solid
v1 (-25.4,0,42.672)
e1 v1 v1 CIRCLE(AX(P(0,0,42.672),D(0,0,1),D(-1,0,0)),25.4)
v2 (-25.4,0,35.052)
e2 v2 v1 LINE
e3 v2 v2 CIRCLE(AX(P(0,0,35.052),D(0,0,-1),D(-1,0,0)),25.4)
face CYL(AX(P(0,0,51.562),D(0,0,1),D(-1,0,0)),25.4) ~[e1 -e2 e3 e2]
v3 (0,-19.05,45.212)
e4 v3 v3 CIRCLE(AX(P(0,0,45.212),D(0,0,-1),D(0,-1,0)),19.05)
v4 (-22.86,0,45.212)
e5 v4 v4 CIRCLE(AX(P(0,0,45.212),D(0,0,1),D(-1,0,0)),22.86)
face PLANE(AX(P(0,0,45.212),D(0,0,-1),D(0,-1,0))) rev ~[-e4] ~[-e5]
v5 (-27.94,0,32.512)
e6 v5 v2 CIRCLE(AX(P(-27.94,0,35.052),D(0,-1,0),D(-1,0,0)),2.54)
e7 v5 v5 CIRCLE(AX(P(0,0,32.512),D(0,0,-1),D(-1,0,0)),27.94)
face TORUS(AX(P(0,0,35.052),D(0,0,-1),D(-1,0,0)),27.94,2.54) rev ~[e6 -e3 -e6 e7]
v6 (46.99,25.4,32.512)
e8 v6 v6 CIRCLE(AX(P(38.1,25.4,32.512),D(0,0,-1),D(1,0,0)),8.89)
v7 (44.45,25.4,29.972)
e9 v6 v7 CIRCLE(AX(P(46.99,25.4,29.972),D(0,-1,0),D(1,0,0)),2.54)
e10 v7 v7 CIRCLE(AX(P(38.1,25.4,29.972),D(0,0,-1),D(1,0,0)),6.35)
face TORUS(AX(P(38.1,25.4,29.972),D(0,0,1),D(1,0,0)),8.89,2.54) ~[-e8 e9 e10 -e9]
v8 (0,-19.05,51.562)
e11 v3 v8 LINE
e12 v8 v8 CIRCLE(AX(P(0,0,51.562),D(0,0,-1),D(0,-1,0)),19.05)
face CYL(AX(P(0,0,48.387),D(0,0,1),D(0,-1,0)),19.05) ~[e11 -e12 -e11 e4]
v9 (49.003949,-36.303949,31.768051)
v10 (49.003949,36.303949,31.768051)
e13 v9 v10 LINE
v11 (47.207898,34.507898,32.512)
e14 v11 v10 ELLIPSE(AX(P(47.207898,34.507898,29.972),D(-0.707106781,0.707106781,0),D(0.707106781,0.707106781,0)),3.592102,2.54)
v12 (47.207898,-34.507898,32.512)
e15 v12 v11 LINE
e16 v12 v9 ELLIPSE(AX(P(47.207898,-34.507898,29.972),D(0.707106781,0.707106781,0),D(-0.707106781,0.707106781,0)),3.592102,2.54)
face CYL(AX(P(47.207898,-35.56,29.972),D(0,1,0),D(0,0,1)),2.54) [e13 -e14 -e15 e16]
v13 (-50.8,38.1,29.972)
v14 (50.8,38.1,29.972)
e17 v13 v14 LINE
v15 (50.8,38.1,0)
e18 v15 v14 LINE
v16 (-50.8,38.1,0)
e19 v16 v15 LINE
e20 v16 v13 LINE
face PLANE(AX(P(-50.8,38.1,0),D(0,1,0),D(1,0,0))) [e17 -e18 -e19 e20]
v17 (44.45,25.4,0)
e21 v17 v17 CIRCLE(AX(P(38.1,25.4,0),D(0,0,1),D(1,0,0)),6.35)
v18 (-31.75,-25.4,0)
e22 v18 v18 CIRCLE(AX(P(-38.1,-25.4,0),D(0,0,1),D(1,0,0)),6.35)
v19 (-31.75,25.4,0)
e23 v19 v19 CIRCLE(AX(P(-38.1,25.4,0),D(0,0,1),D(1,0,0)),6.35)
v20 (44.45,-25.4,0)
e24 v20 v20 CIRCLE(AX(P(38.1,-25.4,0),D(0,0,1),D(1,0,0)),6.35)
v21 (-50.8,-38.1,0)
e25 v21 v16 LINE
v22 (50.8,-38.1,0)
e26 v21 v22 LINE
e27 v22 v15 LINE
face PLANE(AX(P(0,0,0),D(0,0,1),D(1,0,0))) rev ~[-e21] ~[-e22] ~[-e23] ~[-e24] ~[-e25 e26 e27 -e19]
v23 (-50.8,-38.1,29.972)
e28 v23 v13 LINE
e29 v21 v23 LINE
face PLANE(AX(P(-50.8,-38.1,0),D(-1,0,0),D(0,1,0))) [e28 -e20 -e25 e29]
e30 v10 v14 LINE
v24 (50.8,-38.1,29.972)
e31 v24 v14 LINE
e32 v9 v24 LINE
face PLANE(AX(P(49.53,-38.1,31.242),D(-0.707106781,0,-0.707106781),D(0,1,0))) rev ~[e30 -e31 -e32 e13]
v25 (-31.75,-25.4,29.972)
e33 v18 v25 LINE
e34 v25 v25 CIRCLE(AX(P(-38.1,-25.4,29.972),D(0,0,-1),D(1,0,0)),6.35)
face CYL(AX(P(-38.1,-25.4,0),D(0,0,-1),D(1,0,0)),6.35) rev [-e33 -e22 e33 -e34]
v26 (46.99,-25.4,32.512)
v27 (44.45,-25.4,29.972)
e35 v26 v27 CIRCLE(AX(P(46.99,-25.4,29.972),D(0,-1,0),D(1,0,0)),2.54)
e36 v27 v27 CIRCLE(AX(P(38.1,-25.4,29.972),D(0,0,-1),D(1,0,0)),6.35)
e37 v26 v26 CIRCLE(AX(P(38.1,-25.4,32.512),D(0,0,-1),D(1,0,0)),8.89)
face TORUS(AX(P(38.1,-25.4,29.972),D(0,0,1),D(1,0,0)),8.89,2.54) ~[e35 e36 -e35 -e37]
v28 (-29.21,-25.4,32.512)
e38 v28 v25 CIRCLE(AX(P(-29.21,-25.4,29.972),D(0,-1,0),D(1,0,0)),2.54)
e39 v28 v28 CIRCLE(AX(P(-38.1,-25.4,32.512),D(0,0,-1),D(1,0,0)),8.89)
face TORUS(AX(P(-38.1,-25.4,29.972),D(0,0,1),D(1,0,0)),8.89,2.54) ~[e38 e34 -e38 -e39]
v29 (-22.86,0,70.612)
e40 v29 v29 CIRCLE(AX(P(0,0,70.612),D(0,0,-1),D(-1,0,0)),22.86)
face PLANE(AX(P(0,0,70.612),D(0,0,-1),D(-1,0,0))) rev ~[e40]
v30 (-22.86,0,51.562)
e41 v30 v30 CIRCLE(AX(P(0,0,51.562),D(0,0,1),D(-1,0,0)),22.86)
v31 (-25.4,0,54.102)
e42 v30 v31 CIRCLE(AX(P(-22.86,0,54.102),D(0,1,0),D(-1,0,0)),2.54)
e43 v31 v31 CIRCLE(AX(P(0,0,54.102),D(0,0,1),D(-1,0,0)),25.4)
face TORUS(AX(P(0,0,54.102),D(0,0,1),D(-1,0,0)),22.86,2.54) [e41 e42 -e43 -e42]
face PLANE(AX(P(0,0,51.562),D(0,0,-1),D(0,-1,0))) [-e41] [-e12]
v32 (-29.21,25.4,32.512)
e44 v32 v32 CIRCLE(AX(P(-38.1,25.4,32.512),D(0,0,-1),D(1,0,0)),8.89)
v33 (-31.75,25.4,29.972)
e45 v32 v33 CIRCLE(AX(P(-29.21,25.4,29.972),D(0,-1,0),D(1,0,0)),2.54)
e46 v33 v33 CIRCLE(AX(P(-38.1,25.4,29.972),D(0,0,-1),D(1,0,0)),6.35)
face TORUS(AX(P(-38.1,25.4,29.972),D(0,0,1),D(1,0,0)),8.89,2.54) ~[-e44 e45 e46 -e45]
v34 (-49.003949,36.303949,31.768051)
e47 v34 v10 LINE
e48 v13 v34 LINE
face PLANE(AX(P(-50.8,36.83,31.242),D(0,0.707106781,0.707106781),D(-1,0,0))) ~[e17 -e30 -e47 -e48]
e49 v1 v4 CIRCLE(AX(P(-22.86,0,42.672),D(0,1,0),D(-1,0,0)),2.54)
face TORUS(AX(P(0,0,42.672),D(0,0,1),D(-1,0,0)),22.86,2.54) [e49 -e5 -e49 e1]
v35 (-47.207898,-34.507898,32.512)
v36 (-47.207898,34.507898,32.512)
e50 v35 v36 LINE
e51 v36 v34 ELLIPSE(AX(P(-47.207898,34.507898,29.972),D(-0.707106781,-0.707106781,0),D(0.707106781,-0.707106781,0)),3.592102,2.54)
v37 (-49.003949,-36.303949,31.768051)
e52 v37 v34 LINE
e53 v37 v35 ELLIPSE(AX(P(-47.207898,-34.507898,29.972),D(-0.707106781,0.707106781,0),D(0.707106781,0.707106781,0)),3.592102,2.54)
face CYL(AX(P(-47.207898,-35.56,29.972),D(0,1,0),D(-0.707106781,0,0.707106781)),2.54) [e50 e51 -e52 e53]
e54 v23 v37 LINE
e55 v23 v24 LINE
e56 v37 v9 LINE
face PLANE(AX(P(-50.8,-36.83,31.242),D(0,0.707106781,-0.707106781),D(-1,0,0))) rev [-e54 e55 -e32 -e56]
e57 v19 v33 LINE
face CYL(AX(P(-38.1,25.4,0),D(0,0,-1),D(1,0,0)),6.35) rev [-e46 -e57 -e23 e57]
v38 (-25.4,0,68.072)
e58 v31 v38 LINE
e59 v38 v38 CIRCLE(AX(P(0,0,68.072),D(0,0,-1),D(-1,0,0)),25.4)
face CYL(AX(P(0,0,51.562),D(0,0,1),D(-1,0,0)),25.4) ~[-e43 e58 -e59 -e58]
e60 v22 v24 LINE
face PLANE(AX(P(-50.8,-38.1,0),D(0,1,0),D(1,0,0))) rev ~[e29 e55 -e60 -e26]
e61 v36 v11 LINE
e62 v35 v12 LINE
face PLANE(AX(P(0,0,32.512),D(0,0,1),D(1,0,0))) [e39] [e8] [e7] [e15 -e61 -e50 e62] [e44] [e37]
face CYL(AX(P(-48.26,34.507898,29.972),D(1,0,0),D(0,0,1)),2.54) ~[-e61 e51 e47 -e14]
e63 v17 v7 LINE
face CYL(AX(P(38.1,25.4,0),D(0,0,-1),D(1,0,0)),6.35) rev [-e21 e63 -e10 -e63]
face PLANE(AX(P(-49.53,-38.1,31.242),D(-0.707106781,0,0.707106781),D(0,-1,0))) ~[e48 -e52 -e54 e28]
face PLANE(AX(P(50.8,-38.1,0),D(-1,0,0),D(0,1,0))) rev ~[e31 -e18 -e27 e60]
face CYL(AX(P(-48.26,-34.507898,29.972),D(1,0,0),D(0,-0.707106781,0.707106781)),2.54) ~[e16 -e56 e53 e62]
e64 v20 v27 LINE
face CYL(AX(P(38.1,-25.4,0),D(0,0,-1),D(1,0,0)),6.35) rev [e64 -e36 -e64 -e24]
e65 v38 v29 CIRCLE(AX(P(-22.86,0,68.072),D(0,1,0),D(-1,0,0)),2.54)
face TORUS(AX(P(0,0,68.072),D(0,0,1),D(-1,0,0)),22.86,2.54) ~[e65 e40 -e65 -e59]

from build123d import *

# Parameters (mm, degrees)
F0_W     = 101.6
F0_H     = 76.2
F1_DEPTH = 32.512
F2_R     = 6.35
F3_DEPTH = 32.766
F4_DEPTH = 32.766
F5_W     = 25.4
F5_H     = 38.1
F7_W     = 15.3330448888
F7_H     = 6.35
F9_SIZE  = 2.54
F10_R    = 2.54


with BuildPart() as f1:
    # F0 (on Top) → F1 (new body)
    with BuildSketch(Plane.XY):
        Rectangle(F0_W, F0_H)
    extrude(amount=F1_DEPTH)

    # F2 (on Top) → F3 (cut)
    with BuildSketch(Plane.XY):
        with Locations((-38.1, -25.4)):
            Circle(F2_R)
    extrude(amount=F3_DEPTH, mode=Mode.SUBTRACT)

    # F2 (on Top) → F4 (cut)
    with BuildSketch(Plane.XY):
        with Locations((-38.1, -25.4)):
            Circle(F2_R)
        with Locations((38.1, -25.4)):
            Circle(F2_R)
        with Locations((-38.1, 25.4)):
            Circle(F2_R)
        with Locations((38.1, 25.4)):
            Circle(F2_R)
    extrude(amount=F4_DEPTH, mode=Mode.SUBTRACT)

    # F5 (on Front) → F6 (revolve)
    with BuildSketch(Plane.XZ):
        with Locations((-12.7, 51.562)):
            Rectangle(F5_W, F5_H)
    revolve(axis=Axis((0, 0, 51.562), (0, 0, -1)))

    # F7 (on Right) → F8 (revolve, cut)
    with BuildSketch(Plane.YZ):
        with Locations((-26.7165224444, 48.387)):
            Rectangle(F7_W, F7_H)
    revolve(axis=Axis((0, 0, 70.612), (0, 0, -1)), mode=Mode.SUBTRACT)

    # F9
    f9_edges = [f1.edges().sort_by_distance(p)[0] for p in [
        (50.8, 0, 32.512),
        (0, 38.1, 32.512),
        (-50.8, 0, 32.512),
        (0, -38.1, 32.512),
    ]]
    chamfer(f9_edges, length=F9_SIZE)

    # F10
    f10_edges = [f1.edges().sort_by_distance(p)[0] for p in [
        (25.4, 0, 70.612),
        (25.4, 0, 45.212),
        (25.4, 0, 51.562),
        (31.75, 25.4, 32.512),
        (48.26, 0, 32.512),
        (0, -35.56, 32.512),
        (0, 35.56, 32.512),
        (-48.26, 0, 32.512),
        (-44.45, -25.4, 32.512),
        (31.75, -25.4, 32.512),
        (-44.45, 25.4, 32.512),
        (25.4, 0, 32.512),
    ]]
    fillet(f10_edges, radius=F10_R)


solid = f1.part
